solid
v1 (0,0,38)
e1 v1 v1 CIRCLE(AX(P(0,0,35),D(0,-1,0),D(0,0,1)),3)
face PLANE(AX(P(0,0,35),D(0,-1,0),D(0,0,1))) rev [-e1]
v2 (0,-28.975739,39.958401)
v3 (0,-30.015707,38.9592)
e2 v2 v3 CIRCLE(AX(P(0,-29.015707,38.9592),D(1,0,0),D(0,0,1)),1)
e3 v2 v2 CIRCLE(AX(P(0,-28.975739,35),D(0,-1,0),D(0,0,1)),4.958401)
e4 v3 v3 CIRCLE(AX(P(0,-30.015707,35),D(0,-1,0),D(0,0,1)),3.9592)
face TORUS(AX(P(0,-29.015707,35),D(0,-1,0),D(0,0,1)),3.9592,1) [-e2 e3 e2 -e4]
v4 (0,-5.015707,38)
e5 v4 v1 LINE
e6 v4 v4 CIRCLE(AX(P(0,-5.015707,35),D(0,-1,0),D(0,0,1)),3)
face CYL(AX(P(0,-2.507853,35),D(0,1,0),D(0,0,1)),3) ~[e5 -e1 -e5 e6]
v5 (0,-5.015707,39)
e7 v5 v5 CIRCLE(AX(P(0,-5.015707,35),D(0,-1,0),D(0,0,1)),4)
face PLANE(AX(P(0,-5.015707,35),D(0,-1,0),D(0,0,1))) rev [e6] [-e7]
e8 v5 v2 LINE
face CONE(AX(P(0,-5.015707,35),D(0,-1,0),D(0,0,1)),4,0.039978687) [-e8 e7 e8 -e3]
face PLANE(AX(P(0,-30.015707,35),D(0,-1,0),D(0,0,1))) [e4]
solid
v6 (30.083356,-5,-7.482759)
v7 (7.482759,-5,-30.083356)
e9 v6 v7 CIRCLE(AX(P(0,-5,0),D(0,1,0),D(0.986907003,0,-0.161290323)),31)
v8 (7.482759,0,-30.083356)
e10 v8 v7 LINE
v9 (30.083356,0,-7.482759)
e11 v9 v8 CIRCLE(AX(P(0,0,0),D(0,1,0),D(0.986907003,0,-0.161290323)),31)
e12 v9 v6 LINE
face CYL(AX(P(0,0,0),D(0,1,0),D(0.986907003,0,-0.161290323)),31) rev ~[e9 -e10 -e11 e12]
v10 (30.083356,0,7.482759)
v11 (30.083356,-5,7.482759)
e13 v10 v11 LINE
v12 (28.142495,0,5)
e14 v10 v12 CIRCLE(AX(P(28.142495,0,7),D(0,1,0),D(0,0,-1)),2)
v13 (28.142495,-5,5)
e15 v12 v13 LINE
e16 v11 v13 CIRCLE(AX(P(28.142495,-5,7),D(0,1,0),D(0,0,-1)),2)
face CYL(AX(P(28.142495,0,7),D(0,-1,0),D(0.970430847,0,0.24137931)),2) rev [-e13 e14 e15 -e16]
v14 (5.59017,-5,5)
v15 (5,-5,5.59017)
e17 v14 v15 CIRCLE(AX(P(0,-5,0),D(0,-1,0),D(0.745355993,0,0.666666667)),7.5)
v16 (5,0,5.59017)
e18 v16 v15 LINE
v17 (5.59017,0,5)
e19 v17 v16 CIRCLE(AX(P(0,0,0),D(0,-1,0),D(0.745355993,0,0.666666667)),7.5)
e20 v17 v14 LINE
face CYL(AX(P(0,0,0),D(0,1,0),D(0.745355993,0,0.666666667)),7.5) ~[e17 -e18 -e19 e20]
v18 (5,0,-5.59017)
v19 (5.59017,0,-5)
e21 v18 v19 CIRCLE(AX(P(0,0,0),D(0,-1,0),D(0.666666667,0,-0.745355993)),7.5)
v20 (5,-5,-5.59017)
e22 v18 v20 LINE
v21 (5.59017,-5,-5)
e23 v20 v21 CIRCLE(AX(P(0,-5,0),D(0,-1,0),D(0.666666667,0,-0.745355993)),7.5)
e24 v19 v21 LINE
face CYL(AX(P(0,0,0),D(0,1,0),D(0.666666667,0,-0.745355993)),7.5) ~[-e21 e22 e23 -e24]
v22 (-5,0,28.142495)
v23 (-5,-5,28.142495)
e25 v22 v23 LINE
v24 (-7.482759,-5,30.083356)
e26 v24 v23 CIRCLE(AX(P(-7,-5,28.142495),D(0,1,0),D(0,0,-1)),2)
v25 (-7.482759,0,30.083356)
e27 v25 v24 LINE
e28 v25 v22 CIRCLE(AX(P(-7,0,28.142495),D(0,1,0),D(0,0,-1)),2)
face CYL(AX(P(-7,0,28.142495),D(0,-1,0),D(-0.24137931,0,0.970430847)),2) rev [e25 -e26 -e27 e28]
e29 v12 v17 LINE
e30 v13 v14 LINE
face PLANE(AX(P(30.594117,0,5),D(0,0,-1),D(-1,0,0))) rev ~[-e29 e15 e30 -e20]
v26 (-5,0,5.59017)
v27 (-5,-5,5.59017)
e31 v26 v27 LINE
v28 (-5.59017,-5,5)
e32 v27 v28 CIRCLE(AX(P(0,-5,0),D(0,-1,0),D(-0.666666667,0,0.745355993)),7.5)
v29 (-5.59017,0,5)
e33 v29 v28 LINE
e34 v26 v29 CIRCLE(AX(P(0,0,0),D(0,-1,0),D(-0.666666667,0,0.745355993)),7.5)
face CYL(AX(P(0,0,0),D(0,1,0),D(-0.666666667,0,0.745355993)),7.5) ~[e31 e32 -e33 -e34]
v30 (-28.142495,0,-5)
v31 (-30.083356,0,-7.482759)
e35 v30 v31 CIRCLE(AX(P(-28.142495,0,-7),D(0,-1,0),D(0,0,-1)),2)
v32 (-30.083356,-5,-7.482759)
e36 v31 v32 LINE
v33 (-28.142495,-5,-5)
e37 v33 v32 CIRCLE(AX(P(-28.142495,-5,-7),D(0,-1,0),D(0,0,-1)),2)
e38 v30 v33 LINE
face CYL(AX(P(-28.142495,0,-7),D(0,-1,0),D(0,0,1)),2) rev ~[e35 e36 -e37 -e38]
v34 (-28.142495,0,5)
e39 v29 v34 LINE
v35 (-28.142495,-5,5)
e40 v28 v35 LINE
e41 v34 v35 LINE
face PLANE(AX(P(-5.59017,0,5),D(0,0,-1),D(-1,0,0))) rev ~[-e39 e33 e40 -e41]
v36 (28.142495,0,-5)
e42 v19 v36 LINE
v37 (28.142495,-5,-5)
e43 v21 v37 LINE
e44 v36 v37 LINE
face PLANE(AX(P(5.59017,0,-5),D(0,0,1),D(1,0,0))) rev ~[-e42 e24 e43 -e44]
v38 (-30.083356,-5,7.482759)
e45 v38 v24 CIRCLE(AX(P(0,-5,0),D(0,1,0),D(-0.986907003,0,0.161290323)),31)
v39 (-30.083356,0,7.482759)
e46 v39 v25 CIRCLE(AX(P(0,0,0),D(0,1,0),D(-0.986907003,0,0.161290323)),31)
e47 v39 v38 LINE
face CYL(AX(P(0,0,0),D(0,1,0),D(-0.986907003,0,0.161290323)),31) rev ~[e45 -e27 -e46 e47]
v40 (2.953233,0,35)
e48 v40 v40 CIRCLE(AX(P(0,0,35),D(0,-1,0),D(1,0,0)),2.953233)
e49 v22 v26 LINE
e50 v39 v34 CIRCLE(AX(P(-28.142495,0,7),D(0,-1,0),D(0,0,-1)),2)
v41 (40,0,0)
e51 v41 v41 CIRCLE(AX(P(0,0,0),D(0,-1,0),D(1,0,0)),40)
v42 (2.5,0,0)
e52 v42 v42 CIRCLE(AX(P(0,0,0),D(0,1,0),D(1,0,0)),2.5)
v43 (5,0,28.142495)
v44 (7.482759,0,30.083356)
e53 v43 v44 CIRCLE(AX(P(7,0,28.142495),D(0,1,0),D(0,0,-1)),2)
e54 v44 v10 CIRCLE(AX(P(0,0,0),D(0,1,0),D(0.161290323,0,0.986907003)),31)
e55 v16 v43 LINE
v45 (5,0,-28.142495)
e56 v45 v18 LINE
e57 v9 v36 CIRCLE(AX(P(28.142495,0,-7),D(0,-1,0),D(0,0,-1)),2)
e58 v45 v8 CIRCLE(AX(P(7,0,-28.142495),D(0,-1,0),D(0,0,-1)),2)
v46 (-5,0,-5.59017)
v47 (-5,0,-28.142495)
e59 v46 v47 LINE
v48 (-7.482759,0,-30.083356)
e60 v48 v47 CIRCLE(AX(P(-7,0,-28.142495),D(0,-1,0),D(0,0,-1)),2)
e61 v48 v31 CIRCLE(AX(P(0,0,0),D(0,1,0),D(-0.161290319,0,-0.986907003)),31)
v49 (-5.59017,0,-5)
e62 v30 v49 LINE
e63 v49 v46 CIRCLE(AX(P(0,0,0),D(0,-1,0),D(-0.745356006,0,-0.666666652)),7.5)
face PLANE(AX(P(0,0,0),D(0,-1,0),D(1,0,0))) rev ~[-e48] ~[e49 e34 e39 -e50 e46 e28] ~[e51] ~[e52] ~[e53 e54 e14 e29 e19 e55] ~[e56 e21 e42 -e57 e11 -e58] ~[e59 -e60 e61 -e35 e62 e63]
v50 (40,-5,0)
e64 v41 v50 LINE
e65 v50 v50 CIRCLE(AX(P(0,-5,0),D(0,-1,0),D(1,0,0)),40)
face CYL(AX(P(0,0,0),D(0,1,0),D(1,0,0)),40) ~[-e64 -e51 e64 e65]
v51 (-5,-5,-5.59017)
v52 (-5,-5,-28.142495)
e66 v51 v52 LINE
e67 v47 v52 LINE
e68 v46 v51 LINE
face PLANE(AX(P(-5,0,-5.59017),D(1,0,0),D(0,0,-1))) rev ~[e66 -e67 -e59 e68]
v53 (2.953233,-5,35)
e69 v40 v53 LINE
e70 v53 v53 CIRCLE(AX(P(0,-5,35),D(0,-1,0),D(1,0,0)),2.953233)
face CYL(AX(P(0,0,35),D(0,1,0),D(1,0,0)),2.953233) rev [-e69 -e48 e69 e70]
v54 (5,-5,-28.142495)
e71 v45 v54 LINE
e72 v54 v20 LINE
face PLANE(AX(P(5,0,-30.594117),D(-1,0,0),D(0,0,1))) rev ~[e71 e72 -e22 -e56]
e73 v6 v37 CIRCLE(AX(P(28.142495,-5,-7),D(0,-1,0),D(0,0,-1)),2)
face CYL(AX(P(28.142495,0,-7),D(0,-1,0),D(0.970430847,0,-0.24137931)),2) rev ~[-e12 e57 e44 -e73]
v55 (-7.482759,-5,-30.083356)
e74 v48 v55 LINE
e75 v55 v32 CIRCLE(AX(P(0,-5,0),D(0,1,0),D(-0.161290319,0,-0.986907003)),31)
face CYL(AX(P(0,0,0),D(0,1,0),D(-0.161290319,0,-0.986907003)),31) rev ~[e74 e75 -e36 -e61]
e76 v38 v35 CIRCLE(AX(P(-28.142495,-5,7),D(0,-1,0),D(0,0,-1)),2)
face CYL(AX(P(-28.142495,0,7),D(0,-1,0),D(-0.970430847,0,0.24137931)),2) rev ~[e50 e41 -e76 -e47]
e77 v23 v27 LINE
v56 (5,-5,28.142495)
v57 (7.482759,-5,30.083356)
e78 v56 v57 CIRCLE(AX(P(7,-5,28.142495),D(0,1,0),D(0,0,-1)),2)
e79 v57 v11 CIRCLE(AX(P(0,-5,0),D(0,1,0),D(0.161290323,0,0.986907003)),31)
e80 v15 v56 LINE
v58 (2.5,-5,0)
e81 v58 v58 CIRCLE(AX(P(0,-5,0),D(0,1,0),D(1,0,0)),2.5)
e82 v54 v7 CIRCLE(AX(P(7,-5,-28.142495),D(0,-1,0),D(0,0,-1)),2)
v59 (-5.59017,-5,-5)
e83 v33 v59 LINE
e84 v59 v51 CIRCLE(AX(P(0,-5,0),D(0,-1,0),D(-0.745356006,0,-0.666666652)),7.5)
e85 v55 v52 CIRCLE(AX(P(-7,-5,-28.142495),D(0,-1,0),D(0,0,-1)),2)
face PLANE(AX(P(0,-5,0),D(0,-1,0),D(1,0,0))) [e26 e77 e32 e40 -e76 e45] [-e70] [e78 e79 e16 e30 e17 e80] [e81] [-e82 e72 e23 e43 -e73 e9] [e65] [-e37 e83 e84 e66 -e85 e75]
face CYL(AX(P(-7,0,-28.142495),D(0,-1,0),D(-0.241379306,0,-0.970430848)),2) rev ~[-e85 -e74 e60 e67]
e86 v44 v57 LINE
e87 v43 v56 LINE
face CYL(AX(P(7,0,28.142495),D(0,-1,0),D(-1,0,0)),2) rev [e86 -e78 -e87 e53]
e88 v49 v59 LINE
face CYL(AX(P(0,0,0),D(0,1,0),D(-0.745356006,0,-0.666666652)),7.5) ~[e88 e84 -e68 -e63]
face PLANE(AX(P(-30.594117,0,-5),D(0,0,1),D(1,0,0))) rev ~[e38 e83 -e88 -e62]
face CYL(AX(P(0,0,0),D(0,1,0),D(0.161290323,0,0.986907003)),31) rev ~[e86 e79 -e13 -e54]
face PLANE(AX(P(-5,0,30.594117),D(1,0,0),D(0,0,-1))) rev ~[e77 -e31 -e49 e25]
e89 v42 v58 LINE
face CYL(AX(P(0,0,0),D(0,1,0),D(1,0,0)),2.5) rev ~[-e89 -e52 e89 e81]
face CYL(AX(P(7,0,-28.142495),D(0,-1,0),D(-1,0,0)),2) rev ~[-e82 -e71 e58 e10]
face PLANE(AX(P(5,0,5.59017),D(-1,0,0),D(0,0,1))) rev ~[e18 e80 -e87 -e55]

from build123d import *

# Parameters (mm, degrees)
F0_W     = 5.0157066435
F0_H     = 3
F2_R     = 1
F3_R     = 40
F3_R_2   = 2.9532327727
F4_DEPTH = 5
F5_R     = 2


with BuildPart() as f1:
    # F0 (on Right) → F1 (revolve)
    with BuildSketch(Plane.YZ):
        with Locations((-2.5078533217, 36.5)):
            Rectangle(F0_W, F0_H)
        Polygon((-5.0157066435, 39), (-30.0157066435, 40), (-30.0157066435, 35), (-5.0157066435, 35), (-5.0157066435, 38), align=None)
    revolve(axis=Axis((0, -14.3560131546, 35), (0, -1, 0)))

    # F2
    f2_edges = [f1.edges().sort_by_distance(p)[0] for p in [
        (0, -30.015707, 30),
    ]]
    fillet(f2_edges, radius=F2_R)


with BuildPart() as f4:
    # F3 (on Front) → F4 (new body)
    with BuildSketch(Plane.XZ):
        Circle(F3_R)
        with BuildLine():
            ThreePointArc((-5.5901700437, -4.9999998882), (-5.3033008589, -5.3033008589), (-4.9999998882, -5.5901700437))
            Line((-4.9999998882, -5.5901700437), (-4.9999998882, -30.5941170998))
            ThreePointArc((-4.9999998882, -30.5941170998), (-21.9203102168, -21.9203102168), (-30.5941170998, -4.9999998882))
            Line((-30.5941170998, -4.9999998882), (-5.5901700437, -4.9999998882))
        make_face(mode=Mode.SUBTRACT)
        with BuildLine():
            ThreePointArc((5, -5.5901699437), (5.3033008589, -5.3033008589), (5.5901699437, -5))
            Line((5.5901699437, -5), (30.5941170816, -5))
            ThreePointArc((30.5941170816, -5), (21.9203102168, -21.9203102168), (5, -30.5941170816))
            Line((5, -30.5941170816), (5, -5.5901699437))
        make_face(mode=Mode.SUBTRACT)
        with BuildLine():
            Line((-5, 30.5941170816), (-5, 5.5901699437))
            ThreePointArc((-5, 5.5901699437), (-5.3033008589, 5.3033008589), (-5.5901699437, 5))
            Line((-5.5901699437, 5), (-30.5941170816, 5))
            ThreePointArc((-30.5941170816, 5), (-21.9203102168, 21.9203102168), (-5, 30.5941170816))
        make_face(mode=Mode.SUBTRACT)
        with BuildLine():
            ThreePointArc((-2.5, 0), (0, 2.5), (2.5, 0))
            ThreePointArc((2.5, 0), (0, -2.5), (-2.5, 0))
        make_face(mode=Mode.SUBTRACT)
        with BuildLine():
            ThreePointArc((5, 30.5941170816), (21.9203102168, 21.9203102168), (30.5941170816, 5))
            Line((30.5941170816, 5), (5.5901699437, 5))
            ThreePointArc((5.5901699437, 5), (5.3033008589, 5.3033008589), (5, 5.5901699437))
            Line((5, 5.5901699437), (5, 30.5941170816))
        make_face(mode=Mode.SUBTRACT)
        with Locations((0, 35)):
            Circle(F3_R_2, mode=Mode.SUBTRACT)
    extrude(amount=F4_DEPTH)

    # F5
    f5_edges = [f4.edges().sort_by_distance(p)[0] for p in [
        (5, -2.5, 30.594117),
        (-5, -2.5, 30.594117),
        (-30.594117, -2.5, 5),
        (-30.594117, -2.5, -5),
        (-5, -2.5, -30.594117),
        (5, -2.5, -30.594117),
        (30.594117, -2.5, -5),
        (30.594117, -2.5, 5),
    ]]
    fillet(f5_edges, radius=F5_R)


solid = Compound([f1.part, f4.part])
